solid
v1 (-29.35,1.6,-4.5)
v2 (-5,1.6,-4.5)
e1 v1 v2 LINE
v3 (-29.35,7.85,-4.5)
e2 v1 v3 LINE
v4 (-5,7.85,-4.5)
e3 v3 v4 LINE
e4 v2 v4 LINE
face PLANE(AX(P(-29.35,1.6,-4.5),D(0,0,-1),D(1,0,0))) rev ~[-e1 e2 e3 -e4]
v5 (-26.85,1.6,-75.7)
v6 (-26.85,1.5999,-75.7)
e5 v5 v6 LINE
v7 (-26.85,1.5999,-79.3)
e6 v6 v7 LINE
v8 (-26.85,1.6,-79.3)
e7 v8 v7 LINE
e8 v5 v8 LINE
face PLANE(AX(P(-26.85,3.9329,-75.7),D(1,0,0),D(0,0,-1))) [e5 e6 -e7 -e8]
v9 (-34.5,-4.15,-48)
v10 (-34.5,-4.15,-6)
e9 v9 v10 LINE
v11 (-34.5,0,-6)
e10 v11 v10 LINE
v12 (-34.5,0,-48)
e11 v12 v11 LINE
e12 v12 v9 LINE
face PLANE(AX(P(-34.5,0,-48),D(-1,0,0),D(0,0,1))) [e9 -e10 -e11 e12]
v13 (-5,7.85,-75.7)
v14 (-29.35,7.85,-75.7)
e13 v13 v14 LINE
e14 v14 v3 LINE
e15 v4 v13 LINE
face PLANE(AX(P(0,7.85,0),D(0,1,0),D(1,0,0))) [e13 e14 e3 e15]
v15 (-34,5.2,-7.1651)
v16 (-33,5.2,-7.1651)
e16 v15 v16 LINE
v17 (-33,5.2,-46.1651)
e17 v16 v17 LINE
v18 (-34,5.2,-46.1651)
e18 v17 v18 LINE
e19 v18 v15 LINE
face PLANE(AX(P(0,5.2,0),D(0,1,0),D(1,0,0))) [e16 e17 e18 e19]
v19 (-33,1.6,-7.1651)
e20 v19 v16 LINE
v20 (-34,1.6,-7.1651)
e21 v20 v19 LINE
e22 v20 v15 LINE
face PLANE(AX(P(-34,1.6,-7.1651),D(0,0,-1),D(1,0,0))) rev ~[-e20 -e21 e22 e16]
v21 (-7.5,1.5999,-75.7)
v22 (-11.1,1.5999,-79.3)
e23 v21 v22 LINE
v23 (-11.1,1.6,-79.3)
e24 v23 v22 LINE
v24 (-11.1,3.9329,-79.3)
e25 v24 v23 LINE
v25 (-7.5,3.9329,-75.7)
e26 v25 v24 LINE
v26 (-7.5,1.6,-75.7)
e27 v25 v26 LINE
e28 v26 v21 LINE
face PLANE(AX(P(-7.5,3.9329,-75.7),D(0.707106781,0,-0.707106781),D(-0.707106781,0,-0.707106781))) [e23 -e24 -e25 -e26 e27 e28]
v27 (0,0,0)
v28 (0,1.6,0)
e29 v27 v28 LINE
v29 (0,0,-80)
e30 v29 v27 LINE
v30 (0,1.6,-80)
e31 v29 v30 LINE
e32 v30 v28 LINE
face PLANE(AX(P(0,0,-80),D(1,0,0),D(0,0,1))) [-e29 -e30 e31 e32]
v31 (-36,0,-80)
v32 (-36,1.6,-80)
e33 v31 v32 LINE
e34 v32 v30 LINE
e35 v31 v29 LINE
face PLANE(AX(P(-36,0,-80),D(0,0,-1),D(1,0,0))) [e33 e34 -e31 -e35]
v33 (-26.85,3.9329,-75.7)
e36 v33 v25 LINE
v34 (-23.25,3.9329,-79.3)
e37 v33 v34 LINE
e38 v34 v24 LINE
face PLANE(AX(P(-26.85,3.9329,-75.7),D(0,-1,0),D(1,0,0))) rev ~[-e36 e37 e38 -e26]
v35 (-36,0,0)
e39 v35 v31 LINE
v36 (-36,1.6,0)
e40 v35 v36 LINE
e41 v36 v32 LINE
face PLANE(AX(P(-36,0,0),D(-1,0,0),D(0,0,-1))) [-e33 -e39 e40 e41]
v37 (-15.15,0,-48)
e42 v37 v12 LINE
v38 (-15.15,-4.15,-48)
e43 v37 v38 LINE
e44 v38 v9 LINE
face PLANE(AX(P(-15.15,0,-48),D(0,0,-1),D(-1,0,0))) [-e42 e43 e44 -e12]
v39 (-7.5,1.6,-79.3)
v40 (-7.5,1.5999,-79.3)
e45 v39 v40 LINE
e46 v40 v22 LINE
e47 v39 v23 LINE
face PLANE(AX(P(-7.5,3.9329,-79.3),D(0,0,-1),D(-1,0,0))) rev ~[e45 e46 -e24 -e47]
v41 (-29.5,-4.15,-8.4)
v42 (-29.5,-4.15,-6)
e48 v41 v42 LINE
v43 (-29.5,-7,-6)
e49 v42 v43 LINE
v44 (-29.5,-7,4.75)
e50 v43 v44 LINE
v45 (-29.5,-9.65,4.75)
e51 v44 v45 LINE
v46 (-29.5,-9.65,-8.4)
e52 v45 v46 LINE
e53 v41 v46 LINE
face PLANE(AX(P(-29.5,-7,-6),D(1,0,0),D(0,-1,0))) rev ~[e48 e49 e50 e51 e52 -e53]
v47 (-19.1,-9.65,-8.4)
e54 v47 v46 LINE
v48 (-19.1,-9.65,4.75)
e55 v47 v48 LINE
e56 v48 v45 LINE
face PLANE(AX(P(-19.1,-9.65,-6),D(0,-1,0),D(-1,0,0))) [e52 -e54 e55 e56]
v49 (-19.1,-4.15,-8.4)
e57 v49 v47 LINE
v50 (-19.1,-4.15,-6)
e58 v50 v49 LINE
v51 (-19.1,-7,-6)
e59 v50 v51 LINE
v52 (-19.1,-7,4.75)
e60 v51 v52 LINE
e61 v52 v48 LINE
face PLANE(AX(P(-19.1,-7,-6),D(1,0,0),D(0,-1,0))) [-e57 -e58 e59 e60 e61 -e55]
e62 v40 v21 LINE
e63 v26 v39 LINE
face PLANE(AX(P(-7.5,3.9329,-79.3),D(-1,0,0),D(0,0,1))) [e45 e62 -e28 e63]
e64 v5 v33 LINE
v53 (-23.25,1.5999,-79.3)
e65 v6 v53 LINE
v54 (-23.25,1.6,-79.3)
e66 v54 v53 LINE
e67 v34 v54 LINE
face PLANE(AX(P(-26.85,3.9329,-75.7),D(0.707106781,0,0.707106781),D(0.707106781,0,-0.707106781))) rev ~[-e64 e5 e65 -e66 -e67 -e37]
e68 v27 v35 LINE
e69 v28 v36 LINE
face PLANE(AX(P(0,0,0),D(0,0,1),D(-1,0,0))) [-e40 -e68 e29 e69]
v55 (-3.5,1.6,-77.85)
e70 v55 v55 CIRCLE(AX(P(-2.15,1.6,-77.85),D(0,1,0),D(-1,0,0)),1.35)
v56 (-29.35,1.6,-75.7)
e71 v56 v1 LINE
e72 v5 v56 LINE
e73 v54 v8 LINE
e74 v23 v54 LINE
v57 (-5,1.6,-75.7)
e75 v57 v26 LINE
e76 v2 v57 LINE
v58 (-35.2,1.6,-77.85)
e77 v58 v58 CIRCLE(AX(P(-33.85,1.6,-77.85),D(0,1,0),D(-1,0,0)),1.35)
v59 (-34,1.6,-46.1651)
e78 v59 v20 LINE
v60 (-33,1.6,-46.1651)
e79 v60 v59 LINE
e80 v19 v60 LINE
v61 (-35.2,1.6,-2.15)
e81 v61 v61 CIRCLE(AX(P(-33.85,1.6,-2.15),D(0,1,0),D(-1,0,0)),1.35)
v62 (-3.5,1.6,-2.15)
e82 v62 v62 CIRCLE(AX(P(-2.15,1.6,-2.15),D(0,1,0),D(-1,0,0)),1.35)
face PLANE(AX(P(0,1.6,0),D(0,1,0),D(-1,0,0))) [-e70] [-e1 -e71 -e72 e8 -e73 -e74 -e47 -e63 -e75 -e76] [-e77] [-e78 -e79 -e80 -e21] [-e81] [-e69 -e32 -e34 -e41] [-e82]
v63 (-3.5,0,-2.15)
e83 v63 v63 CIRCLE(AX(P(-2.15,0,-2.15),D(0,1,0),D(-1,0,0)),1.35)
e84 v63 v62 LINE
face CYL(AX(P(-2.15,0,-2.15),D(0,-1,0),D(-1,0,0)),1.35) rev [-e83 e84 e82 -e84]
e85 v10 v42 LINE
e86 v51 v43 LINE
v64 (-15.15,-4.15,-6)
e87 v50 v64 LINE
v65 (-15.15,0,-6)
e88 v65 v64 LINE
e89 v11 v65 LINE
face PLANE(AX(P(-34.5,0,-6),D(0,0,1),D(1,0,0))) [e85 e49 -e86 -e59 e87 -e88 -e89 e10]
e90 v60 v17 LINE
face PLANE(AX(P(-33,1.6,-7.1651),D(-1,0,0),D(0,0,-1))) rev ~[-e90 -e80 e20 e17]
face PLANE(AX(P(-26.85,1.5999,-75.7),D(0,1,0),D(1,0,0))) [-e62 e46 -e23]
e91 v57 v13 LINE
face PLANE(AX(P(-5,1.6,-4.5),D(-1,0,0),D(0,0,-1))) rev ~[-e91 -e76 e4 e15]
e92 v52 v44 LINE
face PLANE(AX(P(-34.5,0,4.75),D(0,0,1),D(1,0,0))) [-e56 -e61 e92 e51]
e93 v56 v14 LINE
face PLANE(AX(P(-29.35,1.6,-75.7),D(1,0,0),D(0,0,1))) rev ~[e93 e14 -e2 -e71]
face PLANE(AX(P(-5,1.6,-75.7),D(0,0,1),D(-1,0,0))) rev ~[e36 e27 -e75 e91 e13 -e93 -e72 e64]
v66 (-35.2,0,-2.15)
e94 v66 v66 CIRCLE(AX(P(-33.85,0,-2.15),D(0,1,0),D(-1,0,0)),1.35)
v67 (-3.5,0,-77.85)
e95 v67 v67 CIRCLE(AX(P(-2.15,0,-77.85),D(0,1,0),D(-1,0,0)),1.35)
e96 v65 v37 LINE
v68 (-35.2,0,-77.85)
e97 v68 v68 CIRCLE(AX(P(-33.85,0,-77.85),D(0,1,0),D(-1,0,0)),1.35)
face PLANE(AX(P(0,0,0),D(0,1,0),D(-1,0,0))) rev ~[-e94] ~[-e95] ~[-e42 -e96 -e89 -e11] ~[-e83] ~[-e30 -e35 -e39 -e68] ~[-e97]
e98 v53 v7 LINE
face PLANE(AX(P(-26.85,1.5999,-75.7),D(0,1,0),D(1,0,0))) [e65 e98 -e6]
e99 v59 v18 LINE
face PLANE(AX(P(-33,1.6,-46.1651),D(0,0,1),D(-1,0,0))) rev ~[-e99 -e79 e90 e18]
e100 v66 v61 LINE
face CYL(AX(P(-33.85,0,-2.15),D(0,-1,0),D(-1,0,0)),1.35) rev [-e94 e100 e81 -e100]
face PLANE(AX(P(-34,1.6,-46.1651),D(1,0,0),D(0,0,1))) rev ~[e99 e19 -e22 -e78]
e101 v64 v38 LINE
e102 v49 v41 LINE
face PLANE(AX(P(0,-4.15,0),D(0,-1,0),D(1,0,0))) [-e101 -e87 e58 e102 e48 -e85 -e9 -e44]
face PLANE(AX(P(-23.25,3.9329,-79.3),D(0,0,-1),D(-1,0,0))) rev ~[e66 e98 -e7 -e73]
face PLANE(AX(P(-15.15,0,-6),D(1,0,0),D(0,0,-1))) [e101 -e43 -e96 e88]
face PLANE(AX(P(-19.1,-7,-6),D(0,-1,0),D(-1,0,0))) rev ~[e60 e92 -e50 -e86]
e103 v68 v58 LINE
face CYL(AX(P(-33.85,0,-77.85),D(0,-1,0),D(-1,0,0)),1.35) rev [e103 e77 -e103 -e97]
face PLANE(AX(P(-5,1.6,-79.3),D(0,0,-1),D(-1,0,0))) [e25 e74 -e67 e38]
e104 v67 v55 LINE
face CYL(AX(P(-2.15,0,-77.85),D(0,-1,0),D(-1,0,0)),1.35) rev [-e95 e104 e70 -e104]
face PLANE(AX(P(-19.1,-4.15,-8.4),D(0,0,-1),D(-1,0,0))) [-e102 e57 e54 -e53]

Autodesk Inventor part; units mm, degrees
ref_plane "YZ Plane" through (0, 0, 0) normal (1, 0, 0) x (0, 1, 0)
ref_plane "XZ Plane" through (0, 0, 0) normal (0, 1, 0) x (-1, 0, 0)
ref_plane "XY Plane" through (0, 0, 0) normal (0, 0, 1) x (1, 0, 0)
sketch "Sketch1" plane through (0, 0, 0) normal (0, 1, 0) x (-1, 0, 0)
  line L0 (0, 0) -> (36, 0)
  line L1 (36, 0) -> (36, -80)
  line L2 (36, -80) -> (0, -80)
  line L3 (0, -80) -> (0, 0)
  circle A0 centre (33.85, -77.85) radius 1.35
  circle A1 centre (2.15, -77.85) radius 1.35
  circle A2 centre (33.85, -2.15) radius 1.35
  circle A3 centre (2.15, -2.15) radius 1.35
  dimension "d0" = 36
  dimension "d1" = 80
  dimension "d2" = 2.7
  dimension "d3" = 2.15
  dimension "d4" = 2.15
  dimension "d5" = 2.7
  dimension "d6" = 2.15
  dimension "d7" = 2.7
  dimension "d8" = 2.15
  dimension "d9" = 2.7
extrude "Extrusion1" add sketch "Sketch1" along normal blind 1.6
sketch "Sketch2" plane through (0, 1.6, 0) normal (0, 1, 0) x (1, 0, 0)
  line L0 (-29.35, 4.5) -> (-5, 4.5)
  line L1 (-5, 4.5) -> (-5, 75.7)
  line L2 (-5, 75.7) -> (-29.35, 75.7)
  line L3 (-29.35, 75.7) -> (-29.35, 4.5)
  line L4 (-36, 0) -> (0, 0) projected
  line L5 (0, 0) -> (0, 80) projected
  dimension "d12" = 24.35
  dimension "d13" = 71.2
  dimension "d14" = 4.5
  dimension "d15" = 5
extrude "Extrusion2" add sketch "Sketch2" along normal blind 6.25
sketch "Sketch3" plane through (0, 1.6, 0) normal (0, 1, 0) x (1, 0, 0)
  line L0 (-34, 7.1651) -> (-33, 7.1651)
  line L1 (-33, 7.1651) -> (-33, 46.1651)
  line L2 (-33, 46.1651) -> (-34, 46.1651)
  line L3 (-34, 46.1651) -> (-34, 7.1651)
  line L4 (-36, 80) -> (-36, 0) projected
  point P0 (0, 0)
  dimension "d18" = 1
  dimension "d19" = 39
  dimension "d20" = 2
extrude "Extrusion3" add sketch "Sketch3" along normal blind 3.6
sketch "Sketch4" plane through (-5, 1.6, -75.7) normal (0, 0, -1) x (-1, 0, 0)
  line L0 (-5, 0) -> (31, 0) projected
  line L1 (2.5, 0) -> (21.85, 0)
  line L2 (21.85, 0) -> (21.85, 2.3329)
  line L3 (21.85, 2.3329) -> (2.5, 2.3329)
  line L4 (2.5, 2.3329) -> (2.5, 0)
  line L5 (0, 0) -> (0, 6.25) projected
  line L6 (24.35, 0) -> (24.35, 6.25) projected
  point P0 (-5, -1.6)
  dimension "d23" = 2.5
  dimension "d24" = 2.5
extrude "Extrusion4" add sketch "Sketch4" along normal blind 3.6
sketch "Sketch5" plane through (-26.85, 3.9329, -75.7) normal (0, 1, 0) x (1, 0, 0)
  line L0 (19.35, 0) -> (15.75, 3.6)
  line L1 (19.35, 0) -> (24.4412, 0) construction
  line L2 (0, 0) -> (3.6, 3.6)
  line L3 (0, 0) -> (5.0912, 0) construction
  line L4 (3.6, 3.6) -> (15.75, 3.6)
  line L5 (19.35, 3.6) -> (19.35, 0) projected
  line L6 (19.35, 0) -> (19.35, 3.6)
  line L7 (19.35, 3.6) -> (15.75, 3.6)
  line L8 (3.6, 3.6) -> (0, 3.6)
  line L9 (0, 0) -> (0, 3.6)
  line L10 (21.85, 0) -> (-2.5, 0) projected
  point P0 (26.85, -75.7)
  dimension "d27" = 135
  dimension "d28" = 45
extrude "Extrusion5" cut sketch "Sketch5" against normal blind 2.333 contours L0 L7 L5 | L9 L8 L2
sketch "Sketch6" plane through (0, 0, 0) normal (0, -1, 0) x (1, 0, 0)
  line L0 (-34.5, -6) -> (-15.15, -6)
  line L1 (-15.15, -6) -> (-15.15, -48)
  line L2 (-15.15, -48) -> (-34.5, -48)
  line L3 (-34.5, -48) -> (-34.5, -6)
  line L4 (-36, 0) -> (-36, -80) projected
  line L5 (0, 0) -> (-36, 0) projected
  dimension "d31" = 19.35
  dimension "d32" = 42
  dimension "d33" = 1.5
  dimension "d34" = 6
extrude "Extrusion6" add sketch "Sketch6" along normal blind 4.15
sketch "Sketch7" plane through (0, -4.15, 0) normal (0, -1, 0) x (1, 0, 0)
  line L0 (-15.15, -6) -> (-34.5, -6) projected
  line L1 (-29.5, -6) -> (-19.1, -6)
  line L2 (-19.1, -6) -> (-19.1, -8.4)
  line L3 (-19.1, -8.4) -> (-29.5, -8.4)
  line L4 (-29.5, -8.4) -> (-29.5, -6)
  line L5 (-34.5, -6) -> (-34.5, -48) projected
  point P0 (0, 0)
  dimension "d37" = 10.4
  dimension "d38" = 2.4
  dimension "d39" = 5
extrude "Extrusion7" add sketch "Sketch7" along normal blind 5.5
sketch "Sketch8" plane through (-34.5, 0, -6) normal (0, 0, 1) x (1, 0, 0)
  line L0 (15.4, -9.65) -> (5, -9.65) projected
  line L1 (15.4, -4.15) -> (15.4, -9.65) projected
  line L2 (5, -9.65) -> (15.4, -9.65)
  line L3 (15.4, -9.65) -> (15.4, -7)
  line L4 (15.4, -7) -> (5, -7)
  line L5 (5, -7) -> (5, -9.65)
  point P0 (34.5, 0)
  dimension "d42" = 2.65
extrude "Extrusion8" add sketch "Sketch8" along normal blind 10.75
properties part number "LCD_Screen"
